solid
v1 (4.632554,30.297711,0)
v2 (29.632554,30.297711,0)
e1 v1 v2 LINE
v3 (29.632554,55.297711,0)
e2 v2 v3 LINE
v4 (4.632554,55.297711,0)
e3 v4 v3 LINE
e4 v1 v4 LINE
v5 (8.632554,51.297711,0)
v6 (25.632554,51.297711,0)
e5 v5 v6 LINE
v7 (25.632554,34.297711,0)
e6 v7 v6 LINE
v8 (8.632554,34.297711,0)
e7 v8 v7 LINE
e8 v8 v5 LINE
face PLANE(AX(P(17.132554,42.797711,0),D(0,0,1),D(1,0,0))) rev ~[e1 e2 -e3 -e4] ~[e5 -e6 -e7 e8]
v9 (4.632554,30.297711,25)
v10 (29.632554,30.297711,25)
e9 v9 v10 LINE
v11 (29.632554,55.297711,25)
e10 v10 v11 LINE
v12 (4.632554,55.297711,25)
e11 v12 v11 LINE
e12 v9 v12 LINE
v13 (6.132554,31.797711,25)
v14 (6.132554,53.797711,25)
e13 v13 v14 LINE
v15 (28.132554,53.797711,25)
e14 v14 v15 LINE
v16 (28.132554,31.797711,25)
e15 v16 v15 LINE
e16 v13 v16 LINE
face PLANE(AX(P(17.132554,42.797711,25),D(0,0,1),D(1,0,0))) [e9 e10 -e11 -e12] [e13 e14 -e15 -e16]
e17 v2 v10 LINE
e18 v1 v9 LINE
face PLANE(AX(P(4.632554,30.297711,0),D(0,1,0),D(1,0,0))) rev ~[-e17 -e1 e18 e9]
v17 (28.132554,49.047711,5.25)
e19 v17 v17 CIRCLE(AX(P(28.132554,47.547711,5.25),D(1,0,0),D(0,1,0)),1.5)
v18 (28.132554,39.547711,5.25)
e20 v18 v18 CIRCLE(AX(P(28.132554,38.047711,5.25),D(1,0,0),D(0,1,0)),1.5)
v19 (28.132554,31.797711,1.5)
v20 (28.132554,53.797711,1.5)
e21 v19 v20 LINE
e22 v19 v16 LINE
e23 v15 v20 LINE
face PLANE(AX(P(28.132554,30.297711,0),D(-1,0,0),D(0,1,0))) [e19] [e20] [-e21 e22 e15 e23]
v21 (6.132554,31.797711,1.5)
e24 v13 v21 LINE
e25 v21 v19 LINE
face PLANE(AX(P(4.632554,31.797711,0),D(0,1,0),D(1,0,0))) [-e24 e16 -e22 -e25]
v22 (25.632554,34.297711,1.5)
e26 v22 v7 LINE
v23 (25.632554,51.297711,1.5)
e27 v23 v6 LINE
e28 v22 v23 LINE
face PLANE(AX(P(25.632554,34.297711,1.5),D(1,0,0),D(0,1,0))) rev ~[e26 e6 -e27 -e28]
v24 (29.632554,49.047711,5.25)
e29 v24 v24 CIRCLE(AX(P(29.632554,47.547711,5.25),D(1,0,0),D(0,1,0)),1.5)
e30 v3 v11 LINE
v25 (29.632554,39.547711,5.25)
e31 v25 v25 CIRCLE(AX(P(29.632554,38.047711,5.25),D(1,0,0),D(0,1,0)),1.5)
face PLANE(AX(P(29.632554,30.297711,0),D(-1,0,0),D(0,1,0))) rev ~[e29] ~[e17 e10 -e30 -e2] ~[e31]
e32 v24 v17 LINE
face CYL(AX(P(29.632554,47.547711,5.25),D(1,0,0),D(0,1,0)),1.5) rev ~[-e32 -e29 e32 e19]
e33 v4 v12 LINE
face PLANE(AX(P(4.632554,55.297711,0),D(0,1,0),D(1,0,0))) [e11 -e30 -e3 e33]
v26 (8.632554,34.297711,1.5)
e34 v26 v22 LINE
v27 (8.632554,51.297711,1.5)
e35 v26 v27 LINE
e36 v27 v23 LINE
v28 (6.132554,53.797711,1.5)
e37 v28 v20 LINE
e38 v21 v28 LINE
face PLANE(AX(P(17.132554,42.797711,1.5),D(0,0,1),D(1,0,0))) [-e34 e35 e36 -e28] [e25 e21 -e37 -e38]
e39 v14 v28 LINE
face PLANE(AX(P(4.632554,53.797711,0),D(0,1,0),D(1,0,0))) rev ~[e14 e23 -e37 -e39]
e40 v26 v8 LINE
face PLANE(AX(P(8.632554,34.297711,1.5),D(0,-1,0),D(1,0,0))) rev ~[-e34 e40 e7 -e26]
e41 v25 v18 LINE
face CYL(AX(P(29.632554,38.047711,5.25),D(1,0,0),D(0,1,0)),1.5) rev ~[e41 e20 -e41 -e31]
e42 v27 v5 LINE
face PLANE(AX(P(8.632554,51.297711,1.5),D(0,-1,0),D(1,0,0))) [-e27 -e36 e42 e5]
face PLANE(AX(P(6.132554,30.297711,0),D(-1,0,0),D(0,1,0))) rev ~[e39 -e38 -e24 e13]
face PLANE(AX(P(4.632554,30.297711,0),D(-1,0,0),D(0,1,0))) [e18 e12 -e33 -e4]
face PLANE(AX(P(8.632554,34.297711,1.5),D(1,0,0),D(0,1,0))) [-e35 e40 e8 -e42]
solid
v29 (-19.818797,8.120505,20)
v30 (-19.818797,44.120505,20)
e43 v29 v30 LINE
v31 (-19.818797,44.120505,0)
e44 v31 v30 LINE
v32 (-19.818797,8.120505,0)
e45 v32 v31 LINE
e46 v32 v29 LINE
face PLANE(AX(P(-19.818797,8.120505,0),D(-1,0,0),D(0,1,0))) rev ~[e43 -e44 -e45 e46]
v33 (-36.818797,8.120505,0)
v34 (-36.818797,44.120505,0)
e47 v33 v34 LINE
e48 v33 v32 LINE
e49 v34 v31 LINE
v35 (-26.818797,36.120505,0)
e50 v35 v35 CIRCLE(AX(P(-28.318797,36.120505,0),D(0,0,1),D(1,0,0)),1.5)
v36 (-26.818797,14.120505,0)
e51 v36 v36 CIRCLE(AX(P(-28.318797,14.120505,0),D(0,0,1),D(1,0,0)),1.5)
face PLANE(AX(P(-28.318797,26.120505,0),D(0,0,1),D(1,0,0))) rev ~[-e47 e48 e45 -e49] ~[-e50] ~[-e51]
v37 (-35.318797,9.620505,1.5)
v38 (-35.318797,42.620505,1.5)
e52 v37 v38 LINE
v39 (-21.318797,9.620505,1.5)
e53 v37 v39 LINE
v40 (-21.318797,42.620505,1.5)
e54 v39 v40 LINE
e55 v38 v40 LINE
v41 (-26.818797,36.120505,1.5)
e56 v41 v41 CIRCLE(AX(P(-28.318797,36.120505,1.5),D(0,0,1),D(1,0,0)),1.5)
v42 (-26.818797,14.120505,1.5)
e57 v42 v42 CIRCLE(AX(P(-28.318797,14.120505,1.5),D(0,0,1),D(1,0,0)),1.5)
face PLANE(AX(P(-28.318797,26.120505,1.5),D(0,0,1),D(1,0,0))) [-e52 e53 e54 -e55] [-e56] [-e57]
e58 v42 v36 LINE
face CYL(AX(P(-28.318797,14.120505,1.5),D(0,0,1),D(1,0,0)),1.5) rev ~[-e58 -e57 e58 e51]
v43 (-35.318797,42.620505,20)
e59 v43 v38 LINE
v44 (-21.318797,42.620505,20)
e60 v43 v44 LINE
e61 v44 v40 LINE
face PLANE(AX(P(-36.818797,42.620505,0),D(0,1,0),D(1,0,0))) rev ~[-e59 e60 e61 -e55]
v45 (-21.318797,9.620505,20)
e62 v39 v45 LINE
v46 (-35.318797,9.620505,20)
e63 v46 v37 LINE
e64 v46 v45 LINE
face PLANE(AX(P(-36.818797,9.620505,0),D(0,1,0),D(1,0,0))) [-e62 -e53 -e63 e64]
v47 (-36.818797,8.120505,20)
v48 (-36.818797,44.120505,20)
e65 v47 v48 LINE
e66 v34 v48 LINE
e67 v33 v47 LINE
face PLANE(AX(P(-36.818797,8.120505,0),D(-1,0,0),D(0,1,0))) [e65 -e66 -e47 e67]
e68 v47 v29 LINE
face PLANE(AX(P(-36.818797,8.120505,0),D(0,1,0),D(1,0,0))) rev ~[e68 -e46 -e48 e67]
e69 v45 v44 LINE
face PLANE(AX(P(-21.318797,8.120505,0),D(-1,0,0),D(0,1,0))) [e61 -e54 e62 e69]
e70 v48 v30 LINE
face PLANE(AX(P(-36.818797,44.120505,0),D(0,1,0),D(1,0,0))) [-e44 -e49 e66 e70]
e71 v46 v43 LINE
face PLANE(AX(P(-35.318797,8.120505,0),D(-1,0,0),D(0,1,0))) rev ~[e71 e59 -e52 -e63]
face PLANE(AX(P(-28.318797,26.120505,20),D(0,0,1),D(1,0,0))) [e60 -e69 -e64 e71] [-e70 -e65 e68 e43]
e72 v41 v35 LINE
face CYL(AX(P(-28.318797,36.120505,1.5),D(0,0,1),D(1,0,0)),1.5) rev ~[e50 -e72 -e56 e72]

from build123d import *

# Parameters (mm, degrees)
F0_W      = 17
F0_H      = 36
F1_DEPTH  = 20
F2_T      = -1.5
F3_W      = 25
F3_H      = 25
F4_DEPTH  = 25
F5_T      = -1.5
F7_W      = 17
F7_H      = 17
F8_DEPTH  = 25
F9_R      = 1.5
F10_DEPTH = 63.5
F6_R      = 1.5
F11_DEPTH = 10


with BuildPart() as f1:
    # F0 (on Top) → F1 (new body)
    with BuildSketch(Plane.XY):
        with Locations((-28.318797, 26.120505)):
            Rectangle(F0_W, F0_H)
    extrude(amount=F1_DEPTH)

    # F2
    f2_openings = [f1.faces().sort_by_distance(p)[0] for p in [
        (-28.318797, 26.120505, 20),
    ]]
    offset(amount=F2_T, openings=f2_openings)

    # F9 (on face) → F10 (cut)
    with BuildSketch(Plane.XY.offset(1.5)):
        with Locations((-28.318797, 36.120505)):
            Circle(F9_R)
        with Locations((-28.318797, 14.120505)):
            Circle(F9_R)
    extrude(amount=-F10_DEPTH, mode=Mode.SUBTRACT)


with BuildPart() as f4:
    # F3 (on Top) → F4 (new body)
    with BuildSketch(Plane.XY):
        with Locations((17.132554, 42.797711)):
            Rectangle(F3_W, F3_H)
    extrude(amount=F4_DEPTH)

    # F5
    f5_openings = [f4.faces().sort_by_distance(p)[0] for p in [
        (17.132554, 42.797711, 25),
    ]]
    offset(amount=F5_T, openings=f5_openings)

    # F7 (on face) → F8 (cut)
    with BuildSketch(Plane.XY.offset(1.5)):
        with Locations((17.132554, 42.797711)):
            Rectangle(F7_W, F7_H)
    extrude(amount=-F8_DEPTH, mode=Mode.SUBTRACT)

    # F6 (on face) → F11 (cut)
    with BuildSketch(Plane.YZ.offset(29.632554)):
        with Locations((38.047711, 5.25)):
            Circle(F6_R)
        with Locations((47.547711, 5.25)):
            Circle(F6_R)
    extrude(amount=-F11_DEPTH, mode=Mode.SUBTRACT)


solid = Compound([f1.part, f4.part])
